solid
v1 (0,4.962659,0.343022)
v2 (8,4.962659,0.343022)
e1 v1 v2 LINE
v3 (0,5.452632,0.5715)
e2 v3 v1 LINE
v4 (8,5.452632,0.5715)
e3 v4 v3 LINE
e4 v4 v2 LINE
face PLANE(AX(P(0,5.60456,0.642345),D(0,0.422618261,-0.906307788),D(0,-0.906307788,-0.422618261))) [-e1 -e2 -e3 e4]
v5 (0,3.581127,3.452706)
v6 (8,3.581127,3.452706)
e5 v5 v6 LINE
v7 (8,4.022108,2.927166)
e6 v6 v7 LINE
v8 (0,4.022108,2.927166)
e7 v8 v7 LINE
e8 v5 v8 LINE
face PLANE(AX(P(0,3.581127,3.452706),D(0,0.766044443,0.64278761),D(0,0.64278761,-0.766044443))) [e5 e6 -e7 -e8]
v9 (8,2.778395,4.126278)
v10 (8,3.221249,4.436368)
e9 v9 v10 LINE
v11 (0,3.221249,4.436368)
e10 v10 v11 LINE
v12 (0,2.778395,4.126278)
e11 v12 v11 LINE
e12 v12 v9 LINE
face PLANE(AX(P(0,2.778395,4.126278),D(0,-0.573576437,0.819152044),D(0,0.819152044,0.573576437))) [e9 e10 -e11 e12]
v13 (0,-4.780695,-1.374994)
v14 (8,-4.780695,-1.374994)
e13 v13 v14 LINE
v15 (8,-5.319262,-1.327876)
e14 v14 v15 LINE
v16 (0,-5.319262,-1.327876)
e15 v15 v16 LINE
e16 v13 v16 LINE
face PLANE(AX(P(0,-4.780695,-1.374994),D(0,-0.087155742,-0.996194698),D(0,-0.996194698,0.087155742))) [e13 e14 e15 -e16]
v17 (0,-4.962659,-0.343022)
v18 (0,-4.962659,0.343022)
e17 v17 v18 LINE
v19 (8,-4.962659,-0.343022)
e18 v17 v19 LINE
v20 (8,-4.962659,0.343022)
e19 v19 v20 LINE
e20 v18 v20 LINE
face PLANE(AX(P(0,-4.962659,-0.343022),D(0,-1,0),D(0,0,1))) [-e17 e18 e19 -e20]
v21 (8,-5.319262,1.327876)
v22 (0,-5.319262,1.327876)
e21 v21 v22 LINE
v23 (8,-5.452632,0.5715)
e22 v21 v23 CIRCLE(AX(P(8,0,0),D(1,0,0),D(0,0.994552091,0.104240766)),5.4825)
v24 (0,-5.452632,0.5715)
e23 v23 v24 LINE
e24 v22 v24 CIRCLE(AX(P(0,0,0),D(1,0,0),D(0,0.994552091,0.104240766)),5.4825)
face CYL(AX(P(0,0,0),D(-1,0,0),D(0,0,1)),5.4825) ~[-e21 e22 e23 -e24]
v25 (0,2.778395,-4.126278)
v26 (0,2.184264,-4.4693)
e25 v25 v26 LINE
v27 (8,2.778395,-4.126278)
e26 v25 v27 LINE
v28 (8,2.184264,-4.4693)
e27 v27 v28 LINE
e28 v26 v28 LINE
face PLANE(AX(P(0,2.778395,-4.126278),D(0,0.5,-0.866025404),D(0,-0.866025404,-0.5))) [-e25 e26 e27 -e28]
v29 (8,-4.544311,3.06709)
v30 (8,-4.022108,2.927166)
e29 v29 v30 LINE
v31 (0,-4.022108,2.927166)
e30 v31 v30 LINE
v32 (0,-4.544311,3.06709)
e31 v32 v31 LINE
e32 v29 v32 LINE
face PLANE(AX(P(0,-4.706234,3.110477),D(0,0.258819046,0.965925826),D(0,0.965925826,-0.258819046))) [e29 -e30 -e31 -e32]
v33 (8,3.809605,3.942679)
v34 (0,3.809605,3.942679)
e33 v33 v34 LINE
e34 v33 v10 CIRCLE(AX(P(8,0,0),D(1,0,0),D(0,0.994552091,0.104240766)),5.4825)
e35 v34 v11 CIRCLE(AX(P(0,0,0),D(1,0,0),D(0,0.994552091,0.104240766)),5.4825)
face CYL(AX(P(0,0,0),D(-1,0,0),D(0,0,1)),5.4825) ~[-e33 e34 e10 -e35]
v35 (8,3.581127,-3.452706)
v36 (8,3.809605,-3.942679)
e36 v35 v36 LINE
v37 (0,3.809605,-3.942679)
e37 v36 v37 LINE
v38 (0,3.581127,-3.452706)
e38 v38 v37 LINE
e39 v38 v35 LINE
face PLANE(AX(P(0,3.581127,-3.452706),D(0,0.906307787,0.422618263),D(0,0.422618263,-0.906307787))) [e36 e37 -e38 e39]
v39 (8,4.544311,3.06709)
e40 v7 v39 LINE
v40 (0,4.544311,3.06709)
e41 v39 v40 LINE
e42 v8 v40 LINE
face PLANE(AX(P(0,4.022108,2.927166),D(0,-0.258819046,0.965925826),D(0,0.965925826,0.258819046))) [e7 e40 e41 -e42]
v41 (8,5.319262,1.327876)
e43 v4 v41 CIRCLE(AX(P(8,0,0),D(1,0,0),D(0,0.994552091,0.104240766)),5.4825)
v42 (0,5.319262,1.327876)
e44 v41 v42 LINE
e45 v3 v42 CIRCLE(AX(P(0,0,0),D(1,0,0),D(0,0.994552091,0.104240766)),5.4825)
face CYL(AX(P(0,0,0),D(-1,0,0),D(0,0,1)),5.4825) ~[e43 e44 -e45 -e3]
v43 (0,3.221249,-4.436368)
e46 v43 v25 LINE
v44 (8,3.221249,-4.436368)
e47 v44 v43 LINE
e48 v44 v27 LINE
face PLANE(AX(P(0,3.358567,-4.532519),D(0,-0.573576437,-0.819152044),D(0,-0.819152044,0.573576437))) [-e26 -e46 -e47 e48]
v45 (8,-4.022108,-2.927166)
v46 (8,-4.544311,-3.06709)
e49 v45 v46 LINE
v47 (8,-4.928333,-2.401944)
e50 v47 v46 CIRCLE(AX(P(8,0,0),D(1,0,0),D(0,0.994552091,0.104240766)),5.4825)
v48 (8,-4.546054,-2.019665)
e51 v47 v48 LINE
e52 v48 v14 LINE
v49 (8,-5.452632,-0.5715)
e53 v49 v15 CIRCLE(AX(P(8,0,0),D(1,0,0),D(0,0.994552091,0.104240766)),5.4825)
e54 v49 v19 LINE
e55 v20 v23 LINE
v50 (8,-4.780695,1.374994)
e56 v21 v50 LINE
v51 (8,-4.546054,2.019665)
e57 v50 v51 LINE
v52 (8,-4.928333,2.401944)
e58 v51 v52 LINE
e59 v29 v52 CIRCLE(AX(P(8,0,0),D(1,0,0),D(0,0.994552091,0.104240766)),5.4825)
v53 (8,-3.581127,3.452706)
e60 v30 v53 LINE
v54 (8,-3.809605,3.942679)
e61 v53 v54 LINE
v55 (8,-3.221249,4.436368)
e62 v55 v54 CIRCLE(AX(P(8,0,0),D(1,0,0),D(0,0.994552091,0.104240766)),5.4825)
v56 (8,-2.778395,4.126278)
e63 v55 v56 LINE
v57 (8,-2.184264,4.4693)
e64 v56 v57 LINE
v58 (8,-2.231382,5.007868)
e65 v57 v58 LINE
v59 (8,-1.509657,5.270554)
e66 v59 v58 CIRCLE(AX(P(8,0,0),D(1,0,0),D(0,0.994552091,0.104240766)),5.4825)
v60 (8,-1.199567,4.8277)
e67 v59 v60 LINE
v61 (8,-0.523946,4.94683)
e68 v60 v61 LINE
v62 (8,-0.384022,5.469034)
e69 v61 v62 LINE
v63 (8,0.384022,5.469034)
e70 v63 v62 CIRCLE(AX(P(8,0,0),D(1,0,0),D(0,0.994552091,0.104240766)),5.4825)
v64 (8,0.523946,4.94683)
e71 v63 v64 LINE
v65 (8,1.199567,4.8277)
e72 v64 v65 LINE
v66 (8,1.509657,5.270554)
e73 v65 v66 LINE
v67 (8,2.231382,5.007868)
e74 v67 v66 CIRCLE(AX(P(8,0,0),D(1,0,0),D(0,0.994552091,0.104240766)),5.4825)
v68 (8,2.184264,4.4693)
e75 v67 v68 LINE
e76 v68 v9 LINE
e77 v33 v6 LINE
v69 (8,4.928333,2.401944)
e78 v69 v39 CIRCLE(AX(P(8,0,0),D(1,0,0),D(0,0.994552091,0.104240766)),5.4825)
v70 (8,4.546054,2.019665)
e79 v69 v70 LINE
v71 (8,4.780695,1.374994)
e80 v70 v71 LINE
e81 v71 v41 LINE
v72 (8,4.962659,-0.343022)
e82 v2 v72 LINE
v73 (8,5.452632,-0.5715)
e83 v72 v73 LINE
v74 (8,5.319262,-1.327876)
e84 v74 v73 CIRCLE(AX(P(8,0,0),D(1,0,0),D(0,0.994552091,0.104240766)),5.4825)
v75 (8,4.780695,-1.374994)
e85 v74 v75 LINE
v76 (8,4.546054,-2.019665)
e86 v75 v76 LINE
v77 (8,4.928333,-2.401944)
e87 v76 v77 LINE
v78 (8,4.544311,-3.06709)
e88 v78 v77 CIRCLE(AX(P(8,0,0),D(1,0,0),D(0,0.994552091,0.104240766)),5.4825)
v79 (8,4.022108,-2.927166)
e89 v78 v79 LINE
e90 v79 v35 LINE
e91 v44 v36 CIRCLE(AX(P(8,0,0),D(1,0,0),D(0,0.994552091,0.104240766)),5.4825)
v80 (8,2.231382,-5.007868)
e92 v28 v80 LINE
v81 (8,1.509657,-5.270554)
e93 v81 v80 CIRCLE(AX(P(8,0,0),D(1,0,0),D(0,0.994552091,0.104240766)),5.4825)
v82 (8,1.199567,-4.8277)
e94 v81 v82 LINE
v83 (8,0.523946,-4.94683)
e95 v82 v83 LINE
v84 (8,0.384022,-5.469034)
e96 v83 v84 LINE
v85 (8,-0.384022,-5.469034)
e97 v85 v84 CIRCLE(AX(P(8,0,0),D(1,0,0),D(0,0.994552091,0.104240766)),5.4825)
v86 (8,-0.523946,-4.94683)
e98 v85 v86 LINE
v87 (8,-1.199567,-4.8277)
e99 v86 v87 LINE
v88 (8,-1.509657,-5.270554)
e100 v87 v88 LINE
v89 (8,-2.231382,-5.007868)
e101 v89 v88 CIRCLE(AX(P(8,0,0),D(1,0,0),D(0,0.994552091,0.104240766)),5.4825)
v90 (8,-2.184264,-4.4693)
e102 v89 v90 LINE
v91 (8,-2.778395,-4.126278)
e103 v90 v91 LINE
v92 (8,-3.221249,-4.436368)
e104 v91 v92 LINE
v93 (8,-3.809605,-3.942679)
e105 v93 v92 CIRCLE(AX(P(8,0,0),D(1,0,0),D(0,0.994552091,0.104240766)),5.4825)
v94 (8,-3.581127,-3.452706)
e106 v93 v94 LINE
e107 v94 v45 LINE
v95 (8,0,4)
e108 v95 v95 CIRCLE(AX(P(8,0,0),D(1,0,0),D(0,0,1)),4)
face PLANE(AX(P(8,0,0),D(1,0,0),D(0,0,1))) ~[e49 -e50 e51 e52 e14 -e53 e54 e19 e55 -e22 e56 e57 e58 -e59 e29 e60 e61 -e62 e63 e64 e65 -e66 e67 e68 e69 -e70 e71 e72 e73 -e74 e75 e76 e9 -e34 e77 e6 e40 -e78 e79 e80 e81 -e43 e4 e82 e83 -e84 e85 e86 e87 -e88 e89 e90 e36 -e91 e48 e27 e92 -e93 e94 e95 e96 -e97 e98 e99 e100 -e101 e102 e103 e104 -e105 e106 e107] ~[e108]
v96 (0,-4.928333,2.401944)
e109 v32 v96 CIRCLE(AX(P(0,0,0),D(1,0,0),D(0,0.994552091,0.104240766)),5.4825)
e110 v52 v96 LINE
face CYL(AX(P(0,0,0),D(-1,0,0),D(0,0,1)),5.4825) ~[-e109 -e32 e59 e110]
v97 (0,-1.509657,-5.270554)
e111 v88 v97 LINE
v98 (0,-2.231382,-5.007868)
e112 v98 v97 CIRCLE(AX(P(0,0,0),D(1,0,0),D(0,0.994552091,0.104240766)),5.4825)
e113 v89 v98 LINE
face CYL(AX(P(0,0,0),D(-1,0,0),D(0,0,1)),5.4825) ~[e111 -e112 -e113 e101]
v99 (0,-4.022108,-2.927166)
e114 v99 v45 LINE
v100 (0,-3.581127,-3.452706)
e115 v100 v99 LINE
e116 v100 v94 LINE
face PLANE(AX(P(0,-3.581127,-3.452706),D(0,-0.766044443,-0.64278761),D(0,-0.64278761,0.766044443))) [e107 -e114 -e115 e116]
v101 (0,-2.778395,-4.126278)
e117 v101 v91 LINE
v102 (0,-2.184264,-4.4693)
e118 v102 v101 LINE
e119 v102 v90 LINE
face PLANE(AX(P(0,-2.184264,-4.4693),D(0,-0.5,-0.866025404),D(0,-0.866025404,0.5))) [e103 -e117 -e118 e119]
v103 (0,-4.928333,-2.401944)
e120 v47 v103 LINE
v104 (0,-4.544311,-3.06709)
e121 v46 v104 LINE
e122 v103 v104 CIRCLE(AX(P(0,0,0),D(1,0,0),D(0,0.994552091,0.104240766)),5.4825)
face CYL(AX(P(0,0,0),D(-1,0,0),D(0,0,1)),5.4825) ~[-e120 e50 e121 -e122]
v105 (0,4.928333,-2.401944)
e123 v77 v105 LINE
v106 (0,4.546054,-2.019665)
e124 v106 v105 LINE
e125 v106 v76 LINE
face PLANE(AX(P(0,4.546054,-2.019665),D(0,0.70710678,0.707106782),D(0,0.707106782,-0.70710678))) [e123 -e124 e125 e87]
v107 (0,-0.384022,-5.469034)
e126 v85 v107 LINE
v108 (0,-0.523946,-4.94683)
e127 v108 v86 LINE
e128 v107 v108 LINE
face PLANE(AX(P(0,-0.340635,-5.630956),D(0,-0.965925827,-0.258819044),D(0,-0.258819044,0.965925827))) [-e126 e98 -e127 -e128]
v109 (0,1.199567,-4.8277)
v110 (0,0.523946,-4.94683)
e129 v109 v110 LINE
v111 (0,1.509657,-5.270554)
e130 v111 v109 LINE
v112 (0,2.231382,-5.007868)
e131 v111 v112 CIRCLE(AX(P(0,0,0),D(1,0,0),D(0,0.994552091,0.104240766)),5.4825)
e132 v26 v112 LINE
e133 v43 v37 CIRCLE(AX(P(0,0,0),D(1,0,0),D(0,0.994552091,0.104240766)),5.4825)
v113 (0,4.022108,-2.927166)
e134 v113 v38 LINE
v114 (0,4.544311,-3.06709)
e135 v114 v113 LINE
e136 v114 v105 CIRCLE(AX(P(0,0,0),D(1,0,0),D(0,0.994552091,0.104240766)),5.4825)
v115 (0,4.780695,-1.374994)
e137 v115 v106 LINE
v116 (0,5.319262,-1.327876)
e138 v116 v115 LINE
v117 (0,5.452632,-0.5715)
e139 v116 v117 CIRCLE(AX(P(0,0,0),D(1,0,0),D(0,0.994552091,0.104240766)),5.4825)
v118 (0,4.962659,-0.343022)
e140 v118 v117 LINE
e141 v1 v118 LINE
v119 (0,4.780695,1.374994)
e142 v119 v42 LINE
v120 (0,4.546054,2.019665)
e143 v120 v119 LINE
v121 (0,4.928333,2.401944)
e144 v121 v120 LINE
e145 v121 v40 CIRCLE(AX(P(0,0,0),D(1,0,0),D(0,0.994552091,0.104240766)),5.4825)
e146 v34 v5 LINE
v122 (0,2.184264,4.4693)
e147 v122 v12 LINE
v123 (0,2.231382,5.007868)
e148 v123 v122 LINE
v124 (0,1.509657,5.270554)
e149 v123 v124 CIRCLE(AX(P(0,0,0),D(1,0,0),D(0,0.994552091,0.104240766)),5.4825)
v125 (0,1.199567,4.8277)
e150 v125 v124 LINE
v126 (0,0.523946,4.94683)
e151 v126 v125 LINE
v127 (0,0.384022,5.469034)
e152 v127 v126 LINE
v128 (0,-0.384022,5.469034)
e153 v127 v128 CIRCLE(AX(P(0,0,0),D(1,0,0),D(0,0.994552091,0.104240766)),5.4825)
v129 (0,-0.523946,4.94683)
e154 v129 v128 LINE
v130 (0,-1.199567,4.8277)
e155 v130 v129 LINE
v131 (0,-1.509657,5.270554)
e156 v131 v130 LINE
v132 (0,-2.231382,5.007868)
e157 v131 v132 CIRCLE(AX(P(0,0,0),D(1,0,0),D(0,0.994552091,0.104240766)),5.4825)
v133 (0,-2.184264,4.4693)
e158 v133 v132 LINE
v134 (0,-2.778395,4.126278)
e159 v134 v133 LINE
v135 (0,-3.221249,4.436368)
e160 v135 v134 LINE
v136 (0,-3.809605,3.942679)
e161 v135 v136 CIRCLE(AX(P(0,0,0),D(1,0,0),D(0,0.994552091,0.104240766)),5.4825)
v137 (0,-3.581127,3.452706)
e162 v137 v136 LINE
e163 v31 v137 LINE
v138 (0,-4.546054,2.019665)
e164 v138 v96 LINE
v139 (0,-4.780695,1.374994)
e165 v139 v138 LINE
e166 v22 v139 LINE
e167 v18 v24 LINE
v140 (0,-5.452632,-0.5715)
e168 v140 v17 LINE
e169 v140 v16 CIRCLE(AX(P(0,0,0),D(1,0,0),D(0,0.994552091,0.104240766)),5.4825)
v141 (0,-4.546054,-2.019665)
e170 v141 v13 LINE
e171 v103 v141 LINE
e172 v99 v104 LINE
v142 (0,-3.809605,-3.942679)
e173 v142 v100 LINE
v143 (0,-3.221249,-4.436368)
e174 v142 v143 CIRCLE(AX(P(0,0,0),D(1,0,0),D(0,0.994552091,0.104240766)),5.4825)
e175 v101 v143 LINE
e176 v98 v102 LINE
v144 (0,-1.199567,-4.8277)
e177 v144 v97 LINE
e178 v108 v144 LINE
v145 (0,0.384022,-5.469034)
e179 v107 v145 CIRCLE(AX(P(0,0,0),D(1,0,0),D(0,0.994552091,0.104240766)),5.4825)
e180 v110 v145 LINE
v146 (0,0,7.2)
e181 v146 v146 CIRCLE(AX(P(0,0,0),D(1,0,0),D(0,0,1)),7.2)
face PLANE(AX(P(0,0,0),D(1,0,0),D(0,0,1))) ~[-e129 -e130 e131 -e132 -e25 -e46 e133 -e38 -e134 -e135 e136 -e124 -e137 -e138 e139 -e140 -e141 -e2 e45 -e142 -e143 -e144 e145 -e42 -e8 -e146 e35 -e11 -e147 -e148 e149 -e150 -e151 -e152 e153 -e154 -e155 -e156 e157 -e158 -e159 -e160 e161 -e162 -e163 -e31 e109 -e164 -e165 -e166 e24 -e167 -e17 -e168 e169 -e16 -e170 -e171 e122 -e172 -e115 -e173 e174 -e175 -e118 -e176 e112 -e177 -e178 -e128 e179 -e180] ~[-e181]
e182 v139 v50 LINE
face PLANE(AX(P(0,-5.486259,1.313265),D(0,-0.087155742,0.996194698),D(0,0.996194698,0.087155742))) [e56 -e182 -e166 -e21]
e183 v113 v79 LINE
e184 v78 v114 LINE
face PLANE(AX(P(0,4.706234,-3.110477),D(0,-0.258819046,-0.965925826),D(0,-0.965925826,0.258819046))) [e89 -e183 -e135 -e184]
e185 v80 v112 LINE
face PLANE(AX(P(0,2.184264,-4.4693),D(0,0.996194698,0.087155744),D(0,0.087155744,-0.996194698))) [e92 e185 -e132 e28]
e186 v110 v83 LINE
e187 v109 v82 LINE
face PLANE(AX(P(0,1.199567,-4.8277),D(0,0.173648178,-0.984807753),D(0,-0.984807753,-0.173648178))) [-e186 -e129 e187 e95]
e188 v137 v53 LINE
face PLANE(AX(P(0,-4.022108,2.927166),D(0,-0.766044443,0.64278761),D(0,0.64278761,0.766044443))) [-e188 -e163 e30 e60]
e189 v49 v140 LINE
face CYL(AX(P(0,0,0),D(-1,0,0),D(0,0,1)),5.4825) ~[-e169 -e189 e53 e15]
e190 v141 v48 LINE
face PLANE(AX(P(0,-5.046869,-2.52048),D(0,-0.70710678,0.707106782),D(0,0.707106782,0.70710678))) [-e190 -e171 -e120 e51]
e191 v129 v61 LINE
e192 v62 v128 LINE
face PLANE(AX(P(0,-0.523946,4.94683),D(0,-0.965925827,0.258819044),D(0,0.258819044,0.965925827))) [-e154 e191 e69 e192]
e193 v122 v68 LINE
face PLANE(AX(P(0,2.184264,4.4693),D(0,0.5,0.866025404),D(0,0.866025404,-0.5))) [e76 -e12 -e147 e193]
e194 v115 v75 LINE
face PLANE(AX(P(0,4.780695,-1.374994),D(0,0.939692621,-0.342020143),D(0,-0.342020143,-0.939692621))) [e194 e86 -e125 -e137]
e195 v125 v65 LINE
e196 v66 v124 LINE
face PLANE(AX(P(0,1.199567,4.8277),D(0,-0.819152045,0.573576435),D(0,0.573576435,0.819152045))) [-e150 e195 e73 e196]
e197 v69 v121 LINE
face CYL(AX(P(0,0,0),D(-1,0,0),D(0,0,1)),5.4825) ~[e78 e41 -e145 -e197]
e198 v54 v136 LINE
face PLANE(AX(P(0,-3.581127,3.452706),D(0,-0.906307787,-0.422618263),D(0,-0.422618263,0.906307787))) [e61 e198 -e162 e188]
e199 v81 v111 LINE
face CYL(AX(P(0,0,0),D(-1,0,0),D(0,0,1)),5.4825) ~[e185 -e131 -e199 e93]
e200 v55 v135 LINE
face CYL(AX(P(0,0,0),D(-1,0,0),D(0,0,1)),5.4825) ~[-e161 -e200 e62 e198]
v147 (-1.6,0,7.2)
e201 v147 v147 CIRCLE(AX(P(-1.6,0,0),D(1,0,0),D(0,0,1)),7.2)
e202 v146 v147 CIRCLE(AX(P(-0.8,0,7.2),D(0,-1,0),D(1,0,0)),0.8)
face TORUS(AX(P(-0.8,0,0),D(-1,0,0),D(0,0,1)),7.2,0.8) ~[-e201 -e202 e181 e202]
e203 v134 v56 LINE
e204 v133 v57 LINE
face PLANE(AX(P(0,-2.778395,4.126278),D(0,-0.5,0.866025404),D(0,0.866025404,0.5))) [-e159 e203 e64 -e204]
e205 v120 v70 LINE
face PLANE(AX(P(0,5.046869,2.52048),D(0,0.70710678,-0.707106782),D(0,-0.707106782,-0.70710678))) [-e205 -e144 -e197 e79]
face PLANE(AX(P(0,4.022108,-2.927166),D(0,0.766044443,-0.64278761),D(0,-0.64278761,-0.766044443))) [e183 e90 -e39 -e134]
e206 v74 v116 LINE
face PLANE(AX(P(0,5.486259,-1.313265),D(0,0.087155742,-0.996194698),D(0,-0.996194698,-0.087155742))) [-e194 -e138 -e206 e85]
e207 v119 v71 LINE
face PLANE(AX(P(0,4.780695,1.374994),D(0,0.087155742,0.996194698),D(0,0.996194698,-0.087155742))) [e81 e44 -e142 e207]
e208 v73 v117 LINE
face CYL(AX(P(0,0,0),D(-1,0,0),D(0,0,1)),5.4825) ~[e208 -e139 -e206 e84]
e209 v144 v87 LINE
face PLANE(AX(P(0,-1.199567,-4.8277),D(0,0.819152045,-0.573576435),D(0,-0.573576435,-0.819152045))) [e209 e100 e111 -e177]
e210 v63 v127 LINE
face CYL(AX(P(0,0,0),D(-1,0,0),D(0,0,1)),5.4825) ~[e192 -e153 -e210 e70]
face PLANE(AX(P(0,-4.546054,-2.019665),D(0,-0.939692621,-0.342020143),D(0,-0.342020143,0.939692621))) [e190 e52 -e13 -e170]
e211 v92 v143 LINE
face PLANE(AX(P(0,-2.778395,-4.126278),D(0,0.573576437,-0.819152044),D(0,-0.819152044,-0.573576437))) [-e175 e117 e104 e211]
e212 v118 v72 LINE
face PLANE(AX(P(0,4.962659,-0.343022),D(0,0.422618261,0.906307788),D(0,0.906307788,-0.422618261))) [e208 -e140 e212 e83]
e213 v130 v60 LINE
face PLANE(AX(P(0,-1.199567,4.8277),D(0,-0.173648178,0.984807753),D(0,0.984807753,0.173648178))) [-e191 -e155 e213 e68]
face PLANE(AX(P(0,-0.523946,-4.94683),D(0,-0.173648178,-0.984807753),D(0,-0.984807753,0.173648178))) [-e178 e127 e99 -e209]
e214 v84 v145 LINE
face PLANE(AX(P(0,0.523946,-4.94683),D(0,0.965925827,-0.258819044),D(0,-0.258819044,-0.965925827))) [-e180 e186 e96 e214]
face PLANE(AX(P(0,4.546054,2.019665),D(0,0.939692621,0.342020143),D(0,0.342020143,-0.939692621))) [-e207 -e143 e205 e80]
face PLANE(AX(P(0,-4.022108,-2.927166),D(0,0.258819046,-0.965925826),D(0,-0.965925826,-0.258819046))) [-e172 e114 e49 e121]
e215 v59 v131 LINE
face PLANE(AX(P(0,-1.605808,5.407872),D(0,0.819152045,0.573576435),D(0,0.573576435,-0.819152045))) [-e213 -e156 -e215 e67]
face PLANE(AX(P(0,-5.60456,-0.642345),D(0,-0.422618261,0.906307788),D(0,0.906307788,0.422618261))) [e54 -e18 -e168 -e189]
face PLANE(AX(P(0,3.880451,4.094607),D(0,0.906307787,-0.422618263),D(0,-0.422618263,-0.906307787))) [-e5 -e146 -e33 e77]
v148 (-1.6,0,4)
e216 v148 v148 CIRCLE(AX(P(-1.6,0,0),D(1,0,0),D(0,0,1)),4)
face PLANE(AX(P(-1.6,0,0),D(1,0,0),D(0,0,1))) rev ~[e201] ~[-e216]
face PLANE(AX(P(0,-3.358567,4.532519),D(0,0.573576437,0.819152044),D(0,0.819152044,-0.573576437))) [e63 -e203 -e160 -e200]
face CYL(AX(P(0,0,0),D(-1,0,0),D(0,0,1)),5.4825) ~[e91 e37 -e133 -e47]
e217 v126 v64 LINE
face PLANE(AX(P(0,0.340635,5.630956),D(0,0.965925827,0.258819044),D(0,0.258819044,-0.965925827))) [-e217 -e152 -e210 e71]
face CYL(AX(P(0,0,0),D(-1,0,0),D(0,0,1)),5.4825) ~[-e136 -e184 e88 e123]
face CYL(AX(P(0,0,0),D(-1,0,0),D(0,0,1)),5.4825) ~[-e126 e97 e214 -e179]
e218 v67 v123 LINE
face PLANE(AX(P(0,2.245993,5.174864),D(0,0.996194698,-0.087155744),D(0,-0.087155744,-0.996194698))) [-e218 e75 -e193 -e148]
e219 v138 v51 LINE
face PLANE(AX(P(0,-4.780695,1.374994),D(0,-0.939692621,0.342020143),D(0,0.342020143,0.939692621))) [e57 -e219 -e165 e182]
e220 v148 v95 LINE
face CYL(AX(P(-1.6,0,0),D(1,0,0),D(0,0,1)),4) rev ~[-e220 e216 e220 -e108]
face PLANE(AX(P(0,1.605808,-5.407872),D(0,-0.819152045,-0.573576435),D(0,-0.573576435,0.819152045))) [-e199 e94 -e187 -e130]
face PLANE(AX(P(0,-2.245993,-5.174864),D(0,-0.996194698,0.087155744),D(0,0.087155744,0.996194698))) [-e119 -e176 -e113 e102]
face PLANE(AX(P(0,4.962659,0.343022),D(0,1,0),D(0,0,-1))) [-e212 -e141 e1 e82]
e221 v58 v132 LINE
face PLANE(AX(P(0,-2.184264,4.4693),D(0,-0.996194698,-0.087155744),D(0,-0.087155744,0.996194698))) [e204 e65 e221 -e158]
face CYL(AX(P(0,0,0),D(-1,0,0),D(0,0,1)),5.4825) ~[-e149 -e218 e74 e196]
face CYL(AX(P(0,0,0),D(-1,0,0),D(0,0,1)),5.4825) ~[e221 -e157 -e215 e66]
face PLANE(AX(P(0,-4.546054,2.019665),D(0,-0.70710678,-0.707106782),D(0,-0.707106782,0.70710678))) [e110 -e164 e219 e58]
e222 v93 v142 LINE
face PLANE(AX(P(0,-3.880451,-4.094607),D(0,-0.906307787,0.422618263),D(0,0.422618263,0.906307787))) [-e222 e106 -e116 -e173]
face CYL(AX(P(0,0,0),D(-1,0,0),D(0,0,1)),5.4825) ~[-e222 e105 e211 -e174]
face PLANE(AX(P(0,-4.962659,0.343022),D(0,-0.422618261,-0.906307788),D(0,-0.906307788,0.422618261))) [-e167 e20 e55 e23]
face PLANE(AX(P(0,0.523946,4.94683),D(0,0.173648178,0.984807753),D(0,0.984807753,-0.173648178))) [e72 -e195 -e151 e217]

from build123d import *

# Parameters (mm, degrees)
SKETCH4_R          = 5.8
SKETCH4_R_2        = 5.4825
CUT_EXTRUDE2_DEPTH = 8
CUT_EXTRUDE1_DEPTH = 8
CIRPATTERN1_COUNT  = 18


with BuildPart() as part:
    # Sketch1 → Revolve1 (revolve)
    with BuildSketch(Plane.XY, mode=Mode.PRIVATE) as revolve1_sk:
        with BuildLine():
            Line((-1.6, 4), (8, 4))
            Line((8, 4), (8, 5.55))
            Line((8, 5.55), (0, 5.55))
            Line((0, 5.55), (0, 7.2))
            ThreePointArc((0, 7.2), (-0.8, 8), (-1.6, 7.2))
            Line((-1.6, 7.2), (-1.6, 4))
        make_face()
    revolve(revolve1_sk.sketch.rotate(Axis((-1.6, 0, 0), (1, 0, 0)), 90), axis=Axis((-1.6, 0, 0), (1, 0, 0)))

    # Sketch4 → Cut-Extrude2 (cut)
    with BuildSketch(Plane(origin=(0, 0, 0), x_dir=(0, 0, -1), z_dir=(1, 0, 0))):
        Circle(SKETCH4_R)
        with Locations(Location((0, 0, 0), (0, 0, 180))):
            Circle(SKETCH4_R_2, mode=Mode.SUBTRACT)
    extrude(amount=CUT_EXTRUDE2_DEPTH, mode=Mode.SUBTRACT)

    # Sketch3 → Cut-Extrude1 (cut)
    with BuildSketch(Plane(origin=(0, 0, 0), x_dir=(0, 0, -1), z_dir=(1, 0, 0))):
        with BuildLine():
            Line((-0.642345316, 5.604560113), (-0.343021997, 4.962659182))
            Line((-0.343021997, 4.962659182), (0.343021997, 4.962659182))
            Line((0.343021997, 4.962659182), (0.642345316, 5.604560113))
            ThreePointArc((0.642345316, 5.604560113), (0, 5.64125), (-0.642345316, 5.604560113))
        make_face()
    cut_extrude1 = extrude(amount=CUT_EXTRUDE1_DEPTH, mode=Mode.SUBTRACT)

    # CirPattern1: Cut-Extrude1 ×18 about axis
    cirpattern1_axis = Axis((0, 0, 0), (1, 0, 0))
    for i in range(1, CIRPATTERN1_COUNT):
        add(cut_extrude1.rotate(cirpattern1_axis, i * 360 / CIRPATTERN1_COUNT), mode=Mode.SUBTRACT)


solid = part.part
